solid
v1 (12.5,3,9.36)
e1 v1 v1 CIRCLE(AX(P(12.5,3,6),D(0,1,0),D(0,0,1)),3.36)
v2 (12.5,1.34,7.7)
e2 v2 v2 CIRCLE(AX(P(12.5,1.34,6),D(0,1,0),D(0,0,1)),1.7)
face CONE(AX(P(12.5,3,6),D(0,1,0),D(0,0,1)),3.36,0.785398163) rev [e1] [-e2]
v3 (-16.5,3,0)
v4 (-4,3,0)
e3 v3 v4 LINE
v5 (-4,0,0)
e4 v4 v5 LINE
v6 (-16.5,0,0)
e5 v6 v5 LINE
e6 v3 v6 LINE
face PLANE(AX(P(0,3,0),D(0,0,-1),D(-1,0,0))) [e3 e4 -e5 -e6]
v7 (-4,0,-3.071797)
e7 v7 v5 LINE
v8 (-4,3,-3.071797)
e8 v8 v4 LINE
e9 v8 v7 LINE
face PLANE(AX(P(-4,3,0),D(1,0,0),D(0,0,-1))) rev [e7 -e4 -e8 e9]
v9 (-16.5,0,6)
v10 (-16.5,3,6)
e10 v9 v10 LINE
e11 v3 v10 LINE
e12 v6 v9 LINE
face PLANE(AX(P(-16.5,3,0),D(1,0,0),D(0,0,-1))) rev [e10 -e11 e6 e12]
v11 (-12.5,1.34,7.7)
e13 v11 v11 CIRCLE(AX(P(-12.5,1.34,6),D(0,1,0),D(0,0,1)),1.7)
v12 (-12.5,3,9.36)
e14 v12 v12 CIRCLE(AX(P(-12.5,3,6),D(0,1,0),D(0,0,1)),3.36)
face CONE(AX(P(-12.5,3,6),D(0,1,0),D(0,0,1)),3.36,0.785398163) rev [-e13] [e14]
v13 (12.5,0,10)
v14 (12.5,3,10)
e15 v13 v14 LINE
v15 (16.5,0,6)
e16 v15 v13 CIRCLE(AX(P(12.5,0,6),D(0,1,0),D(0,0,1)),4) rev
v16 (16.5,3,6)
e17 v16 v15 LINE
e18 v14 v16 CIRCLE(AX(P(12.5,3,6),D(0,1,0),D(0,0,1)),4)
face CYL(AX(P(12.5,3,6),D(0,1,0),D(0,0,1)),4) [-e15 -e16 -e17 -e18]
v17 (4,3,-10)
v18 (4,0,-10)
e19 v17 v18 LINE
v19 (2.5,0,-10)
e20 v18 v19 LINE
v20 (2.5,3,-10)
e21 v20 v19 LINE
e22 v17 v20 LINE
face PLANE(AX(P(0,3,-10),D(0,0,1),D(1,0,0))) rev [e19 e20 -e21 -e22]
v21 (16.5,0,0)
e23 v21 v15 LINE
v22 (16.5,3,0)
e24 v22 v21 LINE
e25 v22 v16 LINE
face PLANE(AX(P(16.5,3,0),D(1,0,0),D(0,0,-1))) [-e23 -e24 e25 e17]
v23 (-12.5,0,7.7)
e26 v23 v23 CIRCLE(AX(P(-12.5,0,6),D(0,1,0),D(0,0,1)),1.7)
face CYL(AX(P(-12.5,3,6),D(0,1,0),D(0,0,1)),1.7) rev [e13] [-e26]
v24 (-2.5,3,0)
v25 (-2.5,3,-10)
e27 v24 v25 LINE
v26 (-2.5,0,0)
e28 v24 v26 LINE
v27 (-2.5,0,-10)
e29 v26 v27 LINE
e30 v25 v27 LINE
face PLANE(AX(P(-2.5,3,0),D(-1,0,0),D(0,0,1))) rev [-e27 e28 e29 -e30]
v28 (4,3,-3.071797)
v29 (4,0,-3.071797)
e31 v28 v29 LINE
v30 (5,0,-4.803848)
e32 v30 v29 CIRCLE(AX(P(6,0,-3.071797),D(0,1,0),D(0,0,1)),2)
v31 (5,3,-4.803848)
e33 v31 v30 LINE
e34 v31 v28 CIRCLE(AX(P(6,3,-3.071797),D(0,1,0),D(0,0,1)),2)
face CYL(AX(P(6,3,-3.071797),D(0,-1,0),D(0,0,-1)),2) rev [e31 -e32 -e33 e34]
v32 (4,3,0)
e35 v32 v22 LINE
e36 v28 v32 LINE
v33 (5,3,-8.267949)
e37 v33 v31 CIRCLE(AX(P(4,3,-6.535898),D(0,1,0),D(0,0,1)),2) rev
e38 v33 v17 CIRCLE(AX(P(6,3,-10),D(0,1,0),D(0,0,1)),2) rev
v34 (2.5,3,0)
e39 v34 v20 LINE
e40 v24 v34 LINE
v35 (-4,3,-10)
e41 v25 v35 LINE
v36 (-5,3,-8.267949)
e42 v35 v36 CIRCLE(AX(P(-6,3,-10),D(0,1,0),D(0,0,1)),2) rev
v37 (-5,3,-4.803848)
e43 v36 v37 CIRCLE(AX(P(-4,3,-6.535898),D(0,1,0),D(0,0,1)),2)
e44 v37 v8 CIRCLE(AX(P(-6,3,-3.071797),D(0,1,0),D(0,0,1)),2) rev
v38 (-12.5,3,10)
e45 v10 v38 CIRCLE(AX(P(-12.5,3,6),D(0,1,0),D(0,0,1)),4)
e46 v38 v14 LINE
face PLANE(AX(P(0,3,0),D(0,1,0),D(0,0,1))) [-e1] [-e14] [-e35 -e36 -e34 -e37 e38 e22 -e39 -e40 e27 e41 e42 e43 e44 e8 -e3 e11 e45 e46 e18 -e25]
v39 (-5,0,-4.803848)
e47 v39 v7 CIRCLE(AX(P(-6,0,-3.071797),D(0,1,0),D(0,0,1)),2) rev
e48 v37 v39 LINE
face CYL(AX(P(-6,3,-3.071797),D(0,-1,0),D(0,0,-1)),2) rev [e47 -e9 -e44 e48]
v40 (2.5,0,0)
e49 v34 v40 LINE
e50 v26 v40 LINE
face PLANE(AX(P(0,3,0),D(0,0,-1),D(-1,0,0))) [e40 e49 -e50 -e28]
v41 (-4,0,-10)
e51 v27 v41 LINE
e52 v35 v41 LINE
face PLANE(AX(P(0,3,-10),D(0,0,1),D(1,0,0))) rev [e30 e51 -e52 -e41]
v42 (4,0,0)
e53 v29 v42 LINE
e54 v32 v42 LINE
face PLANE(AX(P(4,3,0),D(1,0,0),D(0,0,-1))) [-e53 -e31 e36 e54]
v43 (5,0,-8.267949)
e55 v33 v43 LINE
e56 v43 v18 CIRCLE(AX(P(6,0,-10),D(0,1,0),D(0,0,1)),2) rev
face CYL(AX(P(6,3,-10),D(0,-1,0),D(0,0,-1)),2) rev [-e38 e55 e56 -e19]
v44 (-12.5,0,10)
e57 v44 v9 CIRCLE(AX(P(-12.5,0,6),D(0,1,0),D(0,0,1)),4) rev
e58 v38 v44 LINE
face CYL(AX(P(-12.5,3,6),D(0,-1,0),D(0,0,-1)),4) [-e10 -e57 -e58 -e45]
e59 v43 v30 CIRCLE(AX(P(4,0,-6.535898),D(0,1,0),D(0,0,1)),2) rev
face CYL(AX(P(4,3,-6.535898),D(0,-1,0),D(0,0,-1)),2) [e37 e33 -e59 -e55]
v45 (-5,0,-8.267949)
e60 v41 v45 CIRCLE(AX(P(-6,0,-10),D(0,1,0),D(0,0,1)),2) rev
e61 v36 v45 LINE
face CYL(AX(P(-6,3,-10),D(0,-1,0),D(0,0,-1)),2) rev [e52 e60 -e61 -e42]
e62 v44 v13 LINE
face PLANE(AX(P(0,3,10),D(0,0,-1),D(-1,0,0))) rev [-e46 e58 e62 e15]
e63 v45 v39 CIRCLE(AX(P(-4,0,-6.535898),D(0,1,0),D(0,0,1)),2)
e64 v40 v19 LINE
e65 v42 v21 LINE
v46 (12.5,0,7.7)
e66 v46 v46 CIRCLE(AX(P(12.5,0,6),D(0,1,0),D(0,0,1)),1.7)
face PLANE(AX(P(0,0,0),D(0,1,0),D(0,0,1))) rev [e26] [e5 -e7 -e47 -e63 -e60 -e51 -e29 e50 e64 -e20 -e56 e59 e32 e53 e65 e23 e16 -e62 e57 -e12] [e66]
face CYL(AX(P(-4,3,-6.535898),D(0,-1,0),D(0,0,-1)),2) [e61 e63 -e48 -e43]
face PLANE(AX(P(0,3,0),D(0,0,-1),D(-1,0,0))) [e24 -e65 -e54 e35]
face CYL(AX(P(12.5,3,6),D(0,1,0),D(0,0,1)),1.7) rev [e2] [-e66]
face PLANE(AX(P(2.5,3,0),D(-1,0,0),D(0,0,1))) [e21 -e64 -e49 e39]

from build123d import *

# Parameters (mm, degrees)
SKETCH1_W                     = 33
SKETCH1_H                     = 10
BOSS_EXTRUDE1_DEPTH           = 3
CSK_FOR_M3_SFHCS1_D           = 3.4
CSK_FOR_M3_SFHCS1_DEPTH       = 10
CSK_FOR_M3_SFHCS1_CSINK_D     = 6.72
CSK_FOR_M3_SFHCS1_CSINK_ANGLE = 90
CSK_FOR_M3_SFHCS1_TIP         = 1.021463052
FILLET1_R                     = 4


with BuildPart() as part:
    # Sketch1 → Boss-Extrude1 (new body)
    with BuildSketch(Plane(origin=(0, 0, 0), x_dir=(1, 0, 0), z_dir=(0, 1, 0))):
        with Locations((0, -5)):
            Rectangle(SKETCH1_W, SKETCH1_H)
        with BuildLine():
            Line((-4, 0), (-2.5, 0))
            Line((-2.5, 0), (-2.5, 10))
            Line((-2.5, 10), (-4, 10))
            ThreePointArc((-4, 10), (-4.267949192, 9), (-5, 8.267949192))
            ThreePointArc((-5, 8.267949192), (-6, 6.535898385), (-5, 4.803847577))
            ThreePointArc((-5, 4.803847577), (-4.267949192, 4.07179677), (-4, 3.07179677))
            Line((-4, 3.07179677), (-4, 0))
        make_face()
        with BuildLine():
            Line((2.5, 10), (2.5, 0))
            Line((2.5, 0), (4, 0))
            Line((4, 0), (4, 3.07179677))
            ThreePointArc((4, 3.07179677), (4.267949192, 4.07179677), (5, 4.803847577))
            ThreePointArc((5, 4.803847577), (6, 6.535898385), (5, 8.267949192))
            ThreePointArc((5, 8.267949192), (4.267949192, 9), (4, 10))
            Line((4, 10), (2.5, 10))
        make_face()
    extrude(amount=BOSS_EXTRUDE1_DEPTH)

    # CSK for M3 SFHCS1
    with Locations(Plane(origin=(0, 3, 0), x_dir=(1, 0, 0), z_dir=(0, 1, 0))):
        with Locations((-12.5, -6), (12.5, -6)):
            CounterSinkHole(CSK_FOR_M3_SFHCS1_D / 2, CSK_FOR_M3_SFHCS1_CSINK_D / 2, depth=CSK_FOR_M3_SFHCS1_DEPTH, counter_sink_angle=CSK_FOR_M3_SFHCS1_CSINK_ANGLE)
            with Locations((0, 0, -(CSK_FOR_M3_SFHCS1_DEPTH + CSK_FOR_M3_SFHCS1_TIP / 2))):  # 118° drill point
                Cone(0, CSK_FOR_M3_SFHCS1_D / 2, CSK_FOR_M3_SFHCS1_TIP, mode=Mode.SUBTRACT)

    # Fillet1
    fillet1_edges = [part.edges().sort_by_distance(p)[0] for p in [
        (16.5, 1.5, 10),
        (-16.5, 1.5, 10),
    ]]
    fillet(fillet1_edges, radius=FILLET1_R)


solid = part.part
